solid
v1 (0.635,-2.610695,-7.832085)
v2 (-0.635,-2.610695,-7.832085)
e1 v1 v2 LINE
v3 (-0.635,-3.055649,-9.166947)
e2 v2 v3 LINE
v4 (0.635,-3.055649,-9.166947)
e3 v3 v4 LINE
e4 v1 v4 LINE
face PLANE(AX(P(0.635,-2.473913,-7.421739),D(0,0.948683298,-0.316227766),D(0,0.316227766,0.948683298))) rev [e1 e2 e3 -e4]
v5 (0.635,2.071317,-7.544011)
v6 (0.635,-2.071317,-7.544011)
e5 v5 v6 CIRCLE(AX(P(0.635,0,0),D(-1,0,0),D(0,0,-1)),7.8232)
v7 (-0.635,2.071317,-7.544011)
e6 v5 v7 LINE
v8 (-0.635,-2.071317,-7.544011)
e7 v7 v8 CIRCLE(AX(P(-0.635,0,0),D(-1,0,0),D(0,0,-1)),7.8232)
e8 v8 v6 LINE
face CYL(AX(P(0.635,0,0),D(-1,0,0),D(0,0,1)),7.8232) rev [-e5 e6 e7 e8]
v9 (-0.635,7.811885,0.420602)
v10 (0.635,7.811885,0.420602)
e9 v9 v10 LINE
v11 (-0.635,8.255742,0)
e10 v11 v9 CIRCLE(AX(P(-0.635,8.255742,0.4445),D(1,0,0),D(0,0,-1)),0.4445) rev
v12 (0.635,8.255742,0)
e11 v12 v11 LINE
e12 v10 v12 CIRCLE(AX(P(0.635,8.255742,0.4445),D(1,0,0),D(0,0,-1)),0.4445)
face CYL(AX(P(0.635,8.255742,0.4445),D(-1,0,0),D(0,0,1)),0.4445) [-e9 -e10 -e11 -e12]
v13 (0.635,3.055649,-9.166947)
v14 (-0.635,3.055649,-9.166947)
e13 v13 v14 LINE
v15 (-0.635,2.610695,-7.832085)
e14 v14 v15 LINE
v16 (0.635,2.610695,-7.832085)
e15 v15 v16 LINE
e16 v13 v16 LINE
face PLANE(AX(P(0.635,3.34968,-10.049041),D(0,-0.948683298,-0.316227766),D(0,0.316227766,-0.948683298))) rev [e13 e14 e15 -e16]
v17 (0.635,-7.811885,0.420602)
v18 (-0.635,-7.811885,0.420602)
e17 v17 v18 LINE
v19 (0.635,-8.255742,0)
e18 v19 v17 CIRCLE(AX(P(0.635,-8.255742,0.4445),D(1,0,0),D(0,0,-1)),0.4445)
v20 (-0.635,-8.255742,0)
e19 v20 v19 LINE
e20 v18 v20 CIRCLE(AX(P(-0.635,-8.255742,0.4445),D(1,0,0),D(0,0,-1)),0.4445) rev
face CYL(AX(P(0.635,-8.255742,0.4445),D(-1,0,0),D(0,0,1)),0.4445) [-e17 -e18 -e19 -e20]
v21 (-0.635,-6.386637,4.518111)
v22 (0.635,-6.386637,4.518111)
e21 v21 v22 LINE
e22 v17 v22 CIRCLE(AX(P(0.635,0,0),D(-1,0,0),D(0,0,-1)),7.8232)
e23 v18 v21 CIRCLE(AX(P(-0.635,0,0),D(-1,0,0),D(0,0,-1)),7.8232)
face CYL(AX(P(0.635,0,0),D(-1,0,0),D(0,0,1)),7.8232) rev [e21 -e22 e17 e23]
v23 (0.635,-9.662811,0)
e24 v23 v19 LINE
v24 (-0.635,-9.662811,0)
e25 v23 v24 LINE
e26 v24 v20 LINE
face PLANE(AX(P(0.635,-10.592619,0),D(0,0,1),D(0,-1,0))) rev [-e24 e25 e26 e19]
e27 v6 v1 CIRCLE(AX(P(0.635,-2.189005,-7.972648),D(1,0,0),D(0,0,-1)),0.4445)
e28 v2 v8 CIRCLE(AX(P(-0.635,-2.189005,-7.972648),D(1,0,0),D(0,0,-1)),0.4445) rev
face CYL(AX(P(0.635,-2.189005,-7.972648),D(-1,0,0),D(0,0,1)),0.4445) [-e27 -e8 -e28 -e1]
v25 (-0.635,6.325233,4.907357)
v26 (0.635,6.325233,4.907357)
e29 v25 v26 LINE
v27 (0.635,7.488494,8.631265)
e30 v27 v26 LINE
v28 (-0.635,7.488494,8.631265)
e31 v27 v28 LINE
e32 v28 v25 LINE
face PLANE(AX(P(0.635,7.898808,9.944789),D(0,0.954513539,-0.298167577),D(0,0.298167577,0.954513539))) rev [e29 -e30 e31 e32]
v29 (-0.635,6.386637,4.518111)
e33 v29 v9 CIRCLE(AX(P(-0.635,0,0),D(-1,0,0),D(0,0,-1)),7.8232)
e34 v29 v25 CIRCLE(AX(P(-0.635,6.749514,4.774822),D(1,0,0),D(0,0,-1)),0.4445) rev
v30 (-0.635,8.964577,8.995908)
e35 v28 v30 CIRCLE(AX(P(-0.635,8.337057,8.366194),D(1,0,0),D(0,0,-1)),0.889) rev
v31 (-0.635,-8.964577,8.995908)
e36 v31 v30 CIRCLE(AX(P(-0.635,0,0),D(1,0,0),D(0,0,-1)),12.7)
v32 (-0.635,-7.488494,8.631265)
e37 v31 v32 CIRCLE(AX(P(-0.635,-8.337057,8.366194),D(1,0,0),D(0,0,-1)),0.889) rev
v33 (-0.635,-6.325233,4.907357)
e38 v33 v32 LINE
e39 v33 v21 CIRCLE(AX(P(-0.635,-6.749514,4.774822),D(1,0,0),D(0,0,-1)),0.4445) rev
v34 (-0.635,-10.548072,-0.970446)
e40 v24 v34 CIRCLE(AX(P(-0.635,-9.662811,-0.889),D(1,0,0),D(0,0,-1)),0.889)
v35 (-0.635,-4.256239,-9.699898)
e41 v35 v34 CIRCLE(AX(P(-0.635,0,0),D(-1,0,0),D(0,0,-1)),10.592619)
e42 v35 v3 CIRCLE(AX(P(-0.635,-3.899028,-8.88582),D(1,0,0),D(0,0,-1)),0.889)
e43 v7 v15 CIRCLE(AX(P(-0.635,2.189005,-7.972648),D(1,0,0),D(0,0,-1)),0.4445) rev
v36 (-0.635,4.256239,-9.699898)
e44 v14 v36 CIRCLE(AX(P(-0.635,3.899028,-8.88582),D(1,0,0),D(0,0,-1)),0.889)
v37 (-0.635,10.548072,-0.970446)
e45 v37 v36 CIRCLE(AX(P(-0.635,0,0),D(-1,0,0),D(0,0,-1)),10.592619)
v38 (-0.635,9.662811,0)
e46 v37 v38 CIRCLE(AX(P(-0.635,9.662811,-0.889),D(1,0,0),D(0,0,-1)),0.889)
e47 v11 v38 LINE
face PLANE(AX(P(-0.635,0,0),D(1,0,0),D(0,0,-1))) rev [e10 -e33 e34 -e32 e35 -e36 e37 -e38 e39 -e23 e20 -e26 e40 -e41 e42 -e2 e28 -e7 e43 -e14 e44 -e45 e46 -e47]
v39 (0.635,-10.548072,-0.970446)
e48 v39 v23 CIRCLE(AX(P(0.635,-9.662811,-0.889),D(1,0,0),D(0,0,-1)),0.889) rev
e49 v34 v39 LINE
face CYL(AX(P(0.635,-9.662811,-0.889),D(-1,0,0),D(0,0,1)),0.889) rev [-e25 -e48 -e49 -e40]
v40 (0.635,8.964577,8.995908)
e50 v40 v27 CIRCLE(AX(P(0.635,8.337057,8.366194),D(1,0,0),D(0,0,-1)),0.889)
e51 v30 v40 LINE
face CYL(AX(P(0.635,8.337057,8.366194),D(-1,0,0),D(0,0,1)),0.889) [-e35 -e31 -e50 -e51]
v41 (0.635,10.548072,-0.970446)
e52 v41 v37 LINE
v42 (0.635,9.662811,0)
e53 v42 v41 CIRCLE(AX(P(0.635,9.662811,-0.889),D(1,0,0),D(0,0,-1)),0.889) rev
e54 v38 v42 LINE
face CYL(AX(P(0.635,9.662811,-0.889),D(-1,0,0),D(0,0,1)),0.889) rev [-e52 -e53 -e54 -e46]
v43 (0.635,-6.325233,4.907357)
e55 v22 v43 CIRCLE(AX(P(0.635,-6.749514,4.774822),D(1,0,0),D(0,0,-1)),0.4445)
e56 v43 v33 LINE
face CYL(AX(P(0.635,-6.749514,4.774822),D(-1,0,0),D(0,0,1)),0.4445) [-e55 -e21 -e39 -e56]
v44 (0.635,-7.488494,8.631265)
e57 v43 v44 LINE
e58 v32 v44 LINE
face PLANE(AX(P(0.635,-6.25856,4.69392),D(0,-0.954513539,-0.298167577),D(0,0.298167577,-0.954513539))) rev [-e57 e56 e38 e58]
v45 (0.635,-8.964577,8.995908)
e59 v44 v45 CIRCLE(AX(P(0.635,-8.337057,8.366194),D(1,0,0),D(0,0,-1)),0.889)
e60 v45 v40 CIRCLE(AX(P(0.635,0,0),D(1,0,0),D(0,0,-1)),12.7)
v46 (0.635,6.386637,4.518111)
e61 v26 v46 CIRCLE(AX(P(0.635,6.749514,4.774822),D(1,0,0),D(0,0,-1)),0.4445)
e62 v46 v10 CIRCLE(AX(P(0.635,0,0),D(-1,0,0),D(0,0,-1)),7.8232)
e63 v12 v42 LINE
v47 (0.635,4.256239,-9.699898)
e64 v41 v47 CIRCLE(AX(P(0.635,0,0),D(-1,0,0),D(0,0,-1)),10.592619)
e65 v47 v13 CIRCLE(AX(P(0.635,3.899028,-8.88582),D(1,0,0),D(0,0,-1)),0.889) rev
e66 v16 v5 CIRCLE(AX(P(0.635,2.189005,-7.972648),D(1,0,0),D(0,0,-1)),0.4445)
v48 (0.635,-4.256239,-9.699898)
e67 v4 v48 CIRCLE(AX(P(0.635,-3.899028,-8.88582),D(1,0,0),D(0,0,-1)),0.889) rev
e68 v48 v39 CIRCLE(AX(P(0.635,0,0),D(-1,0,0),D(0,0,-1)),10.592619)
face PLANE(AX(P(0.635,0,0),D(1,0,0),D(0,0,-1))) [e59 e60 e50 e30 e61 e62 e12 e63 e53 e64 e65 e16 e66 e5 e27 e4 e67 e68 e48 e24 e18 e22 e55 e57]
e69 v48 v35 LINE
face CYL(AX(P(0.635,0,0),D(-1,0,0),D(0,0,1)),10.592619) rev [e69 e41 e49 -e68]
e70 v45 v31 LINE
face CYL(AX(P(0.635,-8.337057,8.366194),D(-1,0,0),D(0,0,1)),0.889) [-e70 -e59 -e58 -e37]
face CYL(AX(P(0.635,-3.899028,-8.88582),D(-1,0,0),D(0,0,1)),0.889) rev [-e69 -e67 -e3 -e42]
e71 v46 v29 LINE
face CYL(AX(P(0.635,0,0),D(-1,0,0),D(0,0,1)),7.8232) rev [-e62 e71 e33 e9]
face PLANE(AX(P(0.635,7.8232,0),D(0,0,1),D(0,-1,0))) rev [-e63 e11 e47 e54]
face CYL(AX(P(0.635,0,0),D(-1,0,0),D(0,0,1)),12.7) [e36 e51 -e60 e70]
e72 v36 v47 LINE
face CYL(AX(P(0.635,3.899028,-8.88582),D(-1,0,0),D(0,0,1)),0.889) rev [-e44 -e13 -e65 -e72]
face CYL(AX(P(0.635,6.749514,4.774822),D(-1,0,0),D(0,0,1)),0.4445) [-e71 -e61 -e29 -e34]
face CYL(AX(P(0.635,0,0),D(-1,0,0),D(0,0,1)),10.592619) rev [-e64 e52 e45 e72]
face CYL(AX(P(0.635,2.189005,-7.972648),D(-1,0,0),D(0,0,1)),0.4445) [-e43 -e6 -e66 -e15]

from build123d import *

# Parameters (mm, degrees)
BOSS_EXTRUDE1_DEPTH      = 0.635
BOSS_EXTRUDE1_DEPTH_BACK = 0.635
FILLET1_R                = 0.889
FILLET2_R                = 0.4445


with BuildPart() as part:
    # Sketch3 → Boss-Extrude1 (new, two sides: drawn at the far end of the back side and taken through both)
    with BuildSketch(Plane(origin=(0, 0, 0), x_dir=(0, 0, -1), z_dir=(1, 0, 0)).offset(-BOSS_EXTRUDE1_DEPTH_BACK)):
        with BuildLine():
            Line((7.421739177, -2.473913059), (10.049041065, -3.349680355))
            ThreePointArc((10.049041065, -3.349680355), (6.193613478, -8.593179672), (0, -10.592619355))
            Line((0, -10.592619355), (0, -7.8232))
            ThreePointArc((0, -7.8232), (-2.473913059, -7.421739177), (-4.69392, -6.25856))
            Line((-4.69392, -6.25856), (-9.944789181, -7.898808021))
            ThreePointArc((-9.944789181, -7.898808021), (12.7, 0), (-9.944789181, 7.898808021))
            Line((-9.944789181, 7.898808021), (-4.69392, 6.25856))
            ThreePointArc((-4.69392, 6.25856), (-2.473913059, 7.421739177), (0, 7.8232))
            Line((0, 7.8232), (0, 10.592619355))
            ThreePointArc((0, 10.592619355), (6.193613478, 8.593179672), (10.049041065, 3.349680355))
            Line((10.049041065, 3.349680355), (7.421739177, 2.473913059))
            ThreePointArc((7.421739177, 2.473913059), (7.8232, 0), (7.421739177, -2.473913059))
        make_face()
    extrude(amount=BOSS_EXTRUDE1_DEPTH + BOSS_EXTRUDE1_DEPTH_BACK)

    # Fillet1
    fillet1_edges = [part.edges().sort_by_distance(p)[0] for p in [
        (0, 3.349680355, -10.049041065),
        (0, 10.592619355, 0),
        (0, 7.898808021, 9.944789181),
        (0, -7.898808021, 9.944789181),
        (0, -10.592619355, 0),
        (0, -3.349680355, -10.049041065),
    ]]
    fillet(fillet1_edges, radius=FILLET1_R)

    # Fillet2
    fillet2_edges = [part.edges().sort_by_distance(p)[0] for p in [
        (0, 2.473913059, -7.421739177),
        (0, 7.8232, 0),
        (0, 6.25856, 4.69392),
        (0, -6.25856, 4.69392),
        (0, -7.8232, 0),
        (0, -2.473913059, -7.421739177),
    ]]
    fillet(fillet2_edges, radius=FILLET2_R)


solid = part.part
